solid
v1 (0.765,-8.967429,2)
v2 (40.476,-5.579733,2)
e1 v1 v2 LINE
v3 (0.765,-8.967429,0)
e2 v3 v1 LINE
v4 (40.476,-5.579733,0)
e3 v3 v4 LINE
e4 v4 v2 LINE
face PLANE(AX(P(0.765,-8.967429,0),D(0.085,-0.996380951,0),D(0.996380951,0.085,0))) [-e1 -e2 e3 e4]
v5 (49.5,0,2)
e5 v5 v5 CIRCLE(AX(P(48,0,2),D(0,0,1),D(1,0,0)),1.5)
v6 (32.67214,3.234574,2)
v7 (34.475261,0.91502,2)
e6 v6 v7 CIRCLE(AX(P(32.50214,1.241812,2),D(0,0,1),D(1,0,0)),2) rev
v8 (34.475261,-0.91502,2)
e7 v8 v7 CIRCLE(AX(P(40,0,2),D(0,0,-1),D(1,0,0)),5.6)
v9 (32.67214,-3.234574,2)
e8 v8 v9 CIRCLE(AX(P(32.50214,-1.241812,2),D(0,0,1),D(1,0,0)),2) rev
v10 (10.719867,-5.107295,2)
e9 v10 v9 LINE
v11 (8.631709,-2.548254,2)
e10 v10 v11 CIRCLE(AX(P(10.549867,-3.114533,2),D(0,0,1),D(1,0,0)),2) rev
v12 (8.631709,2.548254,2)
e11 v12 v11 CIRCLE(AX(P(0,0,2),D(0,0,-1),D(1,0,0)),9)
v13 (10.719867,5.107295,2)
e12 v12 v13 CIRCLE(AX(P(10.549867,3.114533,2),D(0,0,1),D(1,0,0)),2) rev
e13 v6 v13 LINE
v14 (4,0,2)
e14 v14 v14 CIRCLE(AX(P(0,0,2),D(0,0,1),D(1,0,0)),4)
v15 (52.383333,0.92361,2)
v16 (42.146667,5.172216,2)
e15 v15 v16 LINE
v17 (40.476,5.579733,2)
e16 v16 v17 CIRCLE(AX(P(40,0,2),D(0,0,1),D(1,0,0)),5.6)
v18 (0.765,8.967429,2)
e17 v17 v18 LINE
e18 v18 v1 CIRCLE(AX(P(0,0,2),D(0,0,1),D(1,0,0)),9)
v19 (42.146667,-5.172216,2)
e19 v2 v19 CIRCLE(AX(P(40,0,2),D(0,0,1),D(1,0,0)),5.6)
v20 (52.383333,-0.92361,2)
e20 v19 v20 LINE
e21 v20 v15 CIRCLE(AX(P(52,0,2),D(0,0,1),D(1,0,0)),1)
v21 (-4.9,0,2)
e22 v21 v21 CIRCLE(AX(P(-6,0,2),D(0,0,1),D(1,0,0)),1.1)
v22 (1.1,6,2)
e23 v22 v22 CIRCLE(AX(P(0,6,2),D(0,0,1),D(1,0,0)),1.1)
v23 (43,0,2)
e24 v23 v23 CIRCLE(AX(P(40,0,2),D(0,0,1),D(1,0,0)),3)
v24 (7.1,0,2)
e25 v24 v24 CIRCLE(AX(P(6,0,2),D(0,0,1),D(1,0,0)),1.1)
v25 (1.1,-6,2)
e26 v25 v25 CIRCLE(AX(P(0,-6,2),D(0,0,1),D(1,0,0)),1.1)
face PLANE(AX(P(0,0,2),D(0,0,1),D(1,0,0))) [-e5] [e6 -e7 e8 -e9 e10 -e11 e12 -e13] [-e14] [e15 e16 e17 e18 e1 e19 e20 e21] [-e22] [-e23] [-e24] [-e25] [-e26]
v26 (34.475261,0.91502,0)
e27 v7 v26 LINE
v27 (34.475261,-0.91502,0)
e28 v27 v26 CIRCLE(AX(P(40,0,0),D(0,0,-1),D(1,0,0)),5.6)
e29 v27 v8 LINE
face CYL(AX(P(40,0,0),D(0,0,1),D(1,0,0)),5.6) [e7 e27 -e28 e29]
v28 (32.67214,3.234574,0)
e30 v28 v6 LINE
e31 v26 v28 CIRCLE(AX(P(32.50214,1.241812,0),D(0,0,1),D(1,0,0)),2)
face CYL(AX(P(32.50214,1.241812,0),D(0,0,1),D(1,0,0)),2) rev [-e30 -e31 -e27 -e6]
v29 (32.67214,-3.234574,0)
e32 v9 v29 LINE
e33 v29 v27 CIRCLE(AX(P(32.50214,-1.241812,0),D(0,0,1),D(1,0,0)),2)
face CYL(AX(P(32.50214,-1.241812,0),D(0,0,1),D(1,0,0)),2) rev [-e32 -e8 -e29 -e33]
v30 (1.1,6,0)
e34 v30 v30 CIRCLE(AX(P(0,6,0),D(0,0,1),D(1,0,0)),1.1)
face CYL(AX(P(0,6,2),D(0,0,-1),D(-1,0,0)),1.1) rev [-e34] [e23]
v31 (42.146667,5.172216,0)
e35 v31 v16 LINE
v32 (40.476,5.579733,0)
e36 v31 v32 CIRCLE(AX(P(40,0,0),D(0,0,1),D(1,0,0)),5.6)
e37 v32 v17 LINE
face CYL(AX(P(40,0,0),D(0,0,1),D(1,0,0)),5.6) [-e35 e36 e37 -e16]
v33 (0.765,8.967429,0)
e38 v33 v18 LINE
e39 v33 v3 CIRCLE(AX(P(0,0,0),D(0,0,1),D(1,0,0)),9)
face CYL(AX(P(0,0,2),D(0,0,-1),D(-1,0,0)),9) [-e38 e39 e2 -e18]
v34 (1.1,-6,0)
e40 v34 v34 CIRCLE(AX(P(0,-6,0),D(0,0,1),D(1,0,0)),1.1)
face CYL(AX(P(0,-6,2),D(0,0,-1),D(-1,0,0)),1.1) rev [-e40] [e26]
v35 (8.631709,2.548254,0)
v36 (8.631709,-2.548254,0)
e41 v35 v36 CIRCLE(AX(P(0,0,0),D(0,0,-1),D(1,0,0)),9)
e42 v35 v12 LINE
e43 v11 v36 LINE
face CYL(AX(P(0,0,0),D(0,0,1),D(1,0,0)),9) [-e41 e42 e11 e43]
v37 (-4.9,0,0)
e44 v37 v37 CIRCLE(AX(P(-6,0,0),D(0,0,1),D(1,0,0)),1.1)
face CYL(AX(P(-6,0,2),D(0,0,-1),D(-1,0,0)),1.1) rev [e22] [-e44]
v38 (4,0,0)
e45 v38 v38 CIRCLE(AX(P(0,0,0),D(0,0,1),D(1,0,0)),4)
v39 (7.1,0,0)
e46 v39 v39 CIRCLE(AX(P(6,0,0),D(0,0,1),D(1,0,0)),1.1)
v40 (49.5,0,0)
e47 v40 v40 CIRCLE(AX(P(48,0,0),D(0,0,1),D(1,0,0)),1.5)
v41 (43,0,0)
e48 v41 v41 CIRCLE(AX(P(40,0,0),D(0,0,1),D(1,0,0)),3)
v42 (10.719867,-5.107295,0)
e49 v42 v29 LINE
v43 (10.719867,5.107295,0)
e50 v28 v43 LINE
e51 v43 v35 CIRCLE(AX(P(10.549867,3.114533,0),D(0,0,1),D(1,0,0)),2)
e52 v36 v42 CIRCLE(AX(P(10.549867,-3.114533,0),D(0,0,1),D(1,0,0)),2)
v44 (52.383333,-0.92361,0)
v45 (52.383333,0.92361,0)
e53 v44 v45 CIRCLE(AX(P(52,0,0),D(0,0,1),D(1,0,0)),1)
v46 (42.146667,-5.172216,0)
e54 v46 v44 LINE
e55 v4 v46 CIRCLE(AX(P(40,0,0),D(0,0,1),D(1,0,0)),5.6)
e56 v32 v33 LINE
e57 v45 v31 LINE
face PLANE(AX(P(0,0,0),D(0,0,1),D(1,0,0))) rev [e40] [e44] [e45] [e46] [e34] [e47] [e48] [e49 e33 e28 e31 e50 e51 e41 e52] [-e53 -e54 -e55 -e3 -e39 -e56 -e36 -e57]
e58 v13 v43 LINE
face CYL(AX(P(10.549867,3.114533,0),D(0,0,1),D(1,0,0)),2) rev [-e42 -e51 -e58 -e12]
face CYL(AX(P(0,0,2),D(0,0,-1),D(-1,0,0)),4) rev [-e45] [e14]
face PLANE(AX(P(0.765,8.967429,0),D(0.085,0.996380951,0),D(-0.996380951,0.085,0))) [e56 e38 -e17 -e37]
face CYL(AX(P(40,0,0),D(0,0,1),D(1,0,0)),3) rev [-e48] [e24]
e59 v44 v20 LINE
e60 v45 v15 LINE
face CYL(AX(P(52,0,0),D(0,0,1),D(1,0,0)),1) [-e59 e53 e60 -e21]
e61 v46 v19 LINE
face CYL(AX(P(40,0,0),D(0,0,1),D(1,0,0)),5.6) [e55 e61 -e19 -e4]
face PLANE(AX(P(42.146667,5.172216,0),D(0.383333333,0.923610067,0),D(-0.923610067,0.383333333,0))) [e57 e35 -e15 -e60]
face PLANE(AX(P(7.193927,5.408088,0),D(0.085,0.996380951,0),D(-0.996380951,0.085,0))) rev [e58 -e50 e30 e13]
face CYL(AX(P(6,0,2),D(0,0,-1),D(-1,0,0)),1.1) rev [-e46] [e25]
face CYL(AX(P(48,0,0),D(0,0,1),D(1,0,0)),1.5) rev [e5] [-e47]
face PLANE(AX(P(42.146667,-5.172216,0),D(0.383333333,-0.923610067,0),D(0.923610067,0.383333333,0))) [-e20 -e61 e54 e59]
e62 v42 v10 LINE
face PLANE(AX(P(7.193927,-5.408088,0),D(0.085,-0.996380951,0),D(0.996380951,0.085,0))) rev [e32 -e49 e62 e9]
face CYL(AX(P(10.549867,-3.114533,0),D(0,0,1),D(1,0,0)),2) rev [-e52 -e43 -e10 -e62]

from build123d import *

# Parameters (mm, degrees)
ESQUISSE1_R             = 9
ESQUISSE1_R_2           = 1.1
ESQUISSE1_R_3           = 4
BOSS_EXTRU_1_DEPTH      = 2
BOSS_EXTRU_2_START      = -2
ESQUISSE2_R             = 3
BOSS_EXTRU_2_DEPTH      = 2
ENL_V_MAT_EXTRU_1_DEPTH = 47.52268264
CONG_1_R                = 2
ESQUISSE4_R             = 1.5
BOSS_EXTRU_3_DEPTH      = 2


with BuildPart() as part:
    # Esquisse1 → Boss.-Extru.1 (new body)
    with BuildSketch(Plane.XY):
        Circle(ESQUISSE1_R)
        with Locations((0, 6)):
            Circle(ESQUISSE1_R_2, mode=Mode.SUBTRACT)
        with Locations((6, 0)):
            Circle(ESQUISSE1_R_2, mode=Mode.SUBTRACT)
        with Locations((0, -6)):
            Circle(ESQUISSE1_R_2, mode=Mode.SUBTRACT)
        with Locations((-6, 0)):
            Circle(ESQUISSE1_R_2, mode=Mode.SUBTRACT)
        Circle(ESQUISSE1_R_3, mode=Mode.SUBTRACT)
    extrude(amount=BOSS_EXTRU_1_DEPTH)

    # Esquisse2 → Boss.-Extru.2 (add)
    with BuildSketch(Plane.XY.offset(2).offset(BOSS_EXTRU_2_START)):
        with BuildLine():
            Line((0.765, 8.967428561), (40.476, 5.579733327))
            ThreePointArc((40.476, 5.579733327), (45.6, 0), (40.476, -5.579733327))
            Line((40.476, -5.579733327), (0.765, -8.967428561))
            ThreePointArc((0.765, -8.967428561), (9, 0), (0.765, 8.967428561))
        make_face()
        with Locations((40, 0)):
            Circle(ESQUISSE2_R, mode=Mode.SUBTRACT)
    extrude(amount=BOSS_EXTRU_2_DEPTH)

    # Esquisse3 → Enlèv. mat.-Extru.1 (cut, through all)
    with BuildSketch(Plane.XY.offset(2)):
        with BuildLine():
            Line((7.193926615, 5.408088373), (35.279111191, 3.012176763))
            ThreePointArc((35.279111191, 3.012176763), (34.4, 0), (35.279111191, -3.012176763))
            Line((35.279111191, -3.012176763), (7.193926615, -5.408088373))
            ThreePointArc((7.193926615, -5.408088373), (9, 0), (7.193926615, 5.408088373))
        make_face()
    extrude(amount=-ENL_V_MAT_EXTRU_1_DEPTH, mode=Mode.SUBTRACT)

    # Congé1
    cong_1_edges = [part.edges().sort_by_distance(p)[0] for p in [
        (7.193926615, -5.408088373, 1),
        (7.193926615, 5.408088373, 1),
        (35.279111191, 3.012176763, 1),
        (35.279111191, -3.012176763, 1),
    ]]
    fillet(cong_1_edges, radius=CONG_1_R)

    # Esquisse4 → Boss.-Extru.3 (add)
    with BuildSketch(Plane.XY.offset(2)):
        with BuildLine():
            Line((42.146666667, 5.172216374), (52.383333333, 0.923610067))
            ThreePointArc((52.383333333, 0.923610067), (53, 0), (52.383333333, -0.923610067))
            Line((52.383333333, -0.923610067), (42.146666667, -5.172216374))
            ThreePointArc((42.146666667, -5.172216374), (45.6, 0), (42.146666667, 5.172216374))
        make_face()
        with Locations((48, 0)):
            Circle(ESQUISSE4_R, mode=Mode.SUBTRACT)
    extrude(amount=-BOSS_EXTRU_3_DEPTH)


solid = part.part
